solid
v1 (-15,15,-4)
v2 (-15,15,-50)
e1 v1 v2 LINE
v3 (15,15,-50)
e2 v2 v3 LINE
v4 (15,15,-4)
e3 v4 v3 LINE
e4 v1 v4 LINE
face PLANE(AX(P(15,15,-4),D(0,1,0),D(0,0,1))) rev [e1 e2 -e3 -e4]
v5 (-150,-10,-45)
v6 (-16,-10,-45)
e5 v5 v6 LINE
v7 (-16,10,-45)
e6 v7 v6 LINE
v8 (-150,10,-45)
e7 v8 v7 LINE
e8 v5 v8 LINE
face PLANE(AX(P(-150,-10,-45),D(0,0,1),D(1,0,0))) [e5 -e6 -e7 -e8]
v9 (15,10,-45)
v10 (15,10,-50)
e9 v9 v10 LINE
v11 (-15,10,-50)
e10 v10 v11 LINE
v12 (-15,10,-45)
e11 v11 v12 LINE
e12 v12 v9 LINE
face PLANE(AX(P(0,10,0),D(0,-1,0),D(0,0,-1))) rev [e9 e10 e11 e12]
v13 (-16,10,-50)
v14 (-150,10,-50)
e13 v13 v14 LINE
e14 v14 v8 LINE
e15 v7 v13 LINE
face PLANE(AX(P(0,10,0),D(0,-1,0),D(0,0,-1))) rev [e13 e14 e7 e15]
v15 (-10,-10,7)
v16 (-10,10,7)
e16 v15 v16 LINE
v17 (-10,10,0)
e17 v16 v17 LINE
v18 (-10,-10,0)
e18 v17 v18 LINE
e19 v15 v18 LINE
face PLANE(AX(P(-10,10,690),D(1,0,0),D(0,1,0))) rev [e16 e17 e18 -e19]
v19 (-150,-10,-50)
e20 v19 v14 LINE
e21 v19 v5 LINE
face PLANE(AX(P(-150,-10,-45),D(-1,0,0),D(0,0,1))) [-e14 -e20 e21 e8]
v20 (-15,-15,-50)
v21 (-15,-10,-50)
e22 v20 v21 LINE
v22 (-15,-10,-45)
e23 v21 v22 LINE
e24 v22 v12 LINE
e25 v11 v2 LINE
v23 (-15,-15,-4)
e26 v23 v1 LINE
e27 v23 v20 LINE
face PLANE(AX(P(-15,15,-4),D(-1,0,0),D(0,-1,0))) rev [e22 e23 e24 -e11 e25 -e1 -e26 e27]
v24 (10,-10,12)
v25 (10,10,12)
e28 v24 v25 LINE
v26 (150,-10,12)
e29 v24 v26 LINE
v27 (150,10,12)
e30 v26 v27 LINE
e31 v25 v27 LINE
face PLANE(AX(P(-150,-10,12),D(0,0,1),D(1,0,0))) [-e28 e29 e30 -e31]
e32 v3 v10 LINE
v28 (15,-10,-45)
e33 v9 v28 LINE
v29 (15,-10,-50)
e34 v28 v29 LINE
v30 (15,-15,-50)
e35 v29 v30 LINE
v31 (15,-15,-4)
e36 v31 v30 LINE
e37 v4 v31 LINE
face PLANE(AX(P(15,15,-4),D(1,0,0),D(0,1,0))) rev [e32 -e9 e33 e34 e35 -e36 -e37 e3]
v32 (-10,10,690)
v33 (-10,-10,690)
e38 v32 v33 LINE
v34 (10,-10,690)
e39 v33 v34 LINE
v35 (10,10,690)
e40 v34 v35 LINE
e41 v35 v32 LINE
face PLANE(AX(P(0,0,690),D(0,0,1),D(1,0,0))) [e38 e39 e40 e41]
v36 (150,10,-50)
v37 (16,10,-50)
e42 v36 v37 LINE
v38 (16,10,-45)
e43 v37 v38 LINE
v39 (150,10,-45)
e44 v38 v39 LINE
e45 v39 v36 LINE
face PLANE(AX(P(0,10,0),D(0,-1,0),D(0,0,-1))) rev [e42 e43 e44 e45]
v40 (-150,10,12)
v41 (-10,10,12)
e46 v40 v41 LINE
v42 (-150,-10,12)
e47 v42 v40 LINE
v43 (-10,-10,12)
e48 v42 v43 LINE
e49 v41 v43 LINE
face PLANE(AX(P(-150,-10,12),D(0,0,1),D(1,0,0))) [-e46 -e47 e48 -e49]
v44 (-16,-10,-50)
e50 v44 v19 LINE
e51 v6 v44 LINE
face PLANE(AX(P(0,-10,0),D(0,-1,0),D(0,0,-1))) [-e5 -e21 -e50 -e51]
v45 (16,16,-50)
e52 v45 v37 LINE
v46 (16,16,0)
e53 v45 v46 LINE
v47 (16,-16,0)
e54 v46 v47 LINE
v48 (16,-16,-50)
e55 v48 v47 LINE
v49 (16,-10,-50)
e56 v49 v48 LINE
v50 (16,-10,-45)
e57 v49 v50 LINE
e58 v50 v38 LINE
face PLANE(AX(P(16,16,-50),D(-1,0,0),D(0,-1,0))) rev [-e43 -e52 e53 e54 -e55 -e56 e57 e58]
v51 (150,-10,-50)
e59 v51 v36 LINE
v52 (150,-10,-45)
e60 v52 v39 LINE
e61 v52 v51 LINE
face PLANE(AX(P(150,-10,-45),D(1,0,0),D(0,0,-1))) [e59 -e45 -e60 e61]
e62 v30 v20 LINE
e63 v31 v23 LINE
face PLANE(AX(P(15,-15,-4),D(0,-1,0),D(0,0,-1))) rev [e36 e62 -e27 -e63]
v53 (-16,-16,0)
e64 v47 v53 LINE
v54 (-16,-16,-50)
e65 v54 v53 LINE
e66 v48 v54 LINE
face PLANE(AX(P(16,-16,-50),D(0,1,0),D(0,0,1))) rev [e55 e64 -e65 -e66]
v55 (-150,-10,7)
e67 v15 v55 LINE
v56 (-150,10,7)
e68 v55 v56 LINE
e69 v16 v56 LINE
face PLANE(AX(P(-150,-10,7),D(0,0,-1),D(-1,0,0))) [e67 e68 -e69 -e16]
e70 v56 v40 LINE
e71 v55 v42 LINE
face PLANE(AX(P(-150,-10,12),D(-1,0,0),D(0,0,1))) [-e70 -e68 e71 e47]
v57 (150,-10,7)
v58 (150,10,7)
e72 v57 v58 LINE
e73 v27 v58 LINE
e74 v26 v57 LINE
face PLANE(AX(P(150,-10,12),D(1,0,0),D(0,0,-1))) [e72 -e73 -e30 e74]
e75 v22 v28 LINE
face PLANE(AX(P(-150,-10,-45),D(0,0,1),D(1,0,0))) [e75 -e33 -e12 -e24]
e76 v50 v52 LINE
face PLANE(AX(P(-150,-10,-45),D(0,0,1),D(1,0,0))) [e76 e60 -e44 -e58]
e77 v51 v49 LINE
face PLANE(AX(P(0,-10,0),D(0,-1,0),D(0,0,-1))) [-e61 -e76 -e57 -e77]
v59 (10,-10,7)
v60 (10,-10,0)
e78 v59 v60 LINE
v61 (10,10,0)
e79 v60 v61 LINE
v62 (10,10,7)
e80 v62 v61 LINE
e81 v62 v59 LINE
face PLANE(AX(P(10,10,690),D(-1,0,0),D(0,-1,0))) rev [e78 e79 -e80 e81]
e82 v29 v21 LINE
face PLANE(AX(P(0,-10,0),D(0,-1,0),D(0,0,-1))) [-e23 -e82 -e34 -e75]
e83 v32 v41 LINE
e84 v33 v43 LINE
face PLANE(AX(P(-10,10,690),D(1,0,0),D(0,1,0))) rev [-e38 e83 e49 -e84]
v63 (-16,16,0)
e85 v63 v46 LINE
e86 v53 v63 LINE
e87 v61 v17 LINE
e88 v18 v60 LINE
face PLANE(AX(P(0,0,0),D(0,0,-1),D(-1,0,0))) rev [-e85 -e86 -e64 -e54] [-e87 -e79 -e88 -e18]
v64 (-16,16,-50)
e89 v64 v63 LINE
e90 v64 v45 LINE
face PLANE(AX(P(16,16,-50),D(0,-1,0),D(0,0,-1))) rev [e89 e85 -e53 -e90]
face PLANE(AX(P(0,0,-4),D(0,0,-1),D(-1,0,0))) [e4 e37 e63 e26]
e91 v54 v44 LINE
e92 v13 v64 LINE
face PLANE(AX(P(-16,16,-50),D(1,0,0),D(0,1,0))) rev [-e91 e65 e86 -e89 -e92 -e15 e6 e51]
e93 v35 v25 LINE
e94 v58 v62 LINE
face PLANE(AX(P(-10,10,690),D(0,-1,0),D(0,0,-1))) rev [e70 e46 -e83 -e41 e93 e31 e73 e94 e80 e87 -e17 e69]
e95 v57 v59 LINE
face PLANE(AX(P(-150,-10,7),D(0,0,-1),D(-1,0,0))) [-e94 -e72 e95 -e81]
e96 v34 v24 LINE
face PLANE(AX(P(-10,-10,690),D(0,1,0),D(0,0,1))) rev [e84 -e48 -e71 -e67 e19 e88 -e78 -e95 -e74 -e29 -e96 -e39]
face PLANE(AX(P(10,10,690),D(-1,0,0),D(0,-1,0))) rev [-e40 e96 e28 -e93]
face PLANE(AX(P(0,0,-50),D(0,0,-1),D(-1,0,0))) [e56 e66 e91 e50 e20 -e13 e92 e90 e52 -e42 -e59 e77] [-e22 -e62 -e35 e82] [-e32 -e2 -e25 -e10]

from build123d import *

# Parameters (mm, degrees)
SKETCH_1_W             = 20
SKETCH_1_H             = 20
EXTRUDE_1_DEPTH        = 690
SKETCH_2_W             = 32
SKETCH_2_H             = 32
EXTRUDE_2_DEPTH        = 50
SKETCH_3_W             = 30
SKETCH_3_H             = 30
CUT_EXTRUDE_1_DEPTH    = 46
SKETCH_4_W             = 300
SKETCH_4_H             = 5
EXTRUDE_3_DEPTH        = 20
PATTERN_LINEAR_1_COUNT = 2
PATTERN_LINEAR_1_PITCH = 57


with BuildPart() as part:
    # 草图1 → 凸台-拉伸1 (new body)
    with BuildSketch(Plane.XY):
        Rectangle(SKETCH_1_W, SKETCH_1_H)
    extrude(amount=EXTRUDE_1_DEPTH)

    # 草图2 → 凸台-拉伸2 (add)
    with BuildSketch(Plane(origin=(0, 0, 0), x_dir=(-1, 0, 0), z_dir=(0, 0, -1))):
        Rectangle(SKETCH_2_W, SKETCH_2_H)
    extrude(amount=EXTRUDE_2_DEPTH)

    # 草图3 → 切除-拉伸1 (cut)
    with BuildSketch(Plane(origin=(0, 0, -50), x_dir=(-1, 0, 0), z_dir=(0, 0, -1))):
        Rectangle(SKETCH_3_W, SKETCH_3_H)
    extrude(amount=-CUT_EXTRUDE_1_DEPTH, mode=Mode.SUBTRACT)

    # 草图4 → 凸台-拉伸3 (add)
    with BuildSketch(Plane(origin=(0, 10, 0), x_dir=(1, 0, 0), z_dir=(0, 1, 0))):
        with Locations((0, 47.5)):
            Rectangle(SKETCH_4_W, SKETCH_4_H)
    extrude_3 = extrude(amount=-EXTRUDE_3_DEPTH)

    # 阵列(线性)1: 凸台-拉伸3 ×2
    with Locations(*[(0, 0, i * PATTERN_LINEAR_1_PITCH) for i in range(1, PATTERN_LINEAR_1_COUNT)]):
        add(extrude_3)


solid = part.part
